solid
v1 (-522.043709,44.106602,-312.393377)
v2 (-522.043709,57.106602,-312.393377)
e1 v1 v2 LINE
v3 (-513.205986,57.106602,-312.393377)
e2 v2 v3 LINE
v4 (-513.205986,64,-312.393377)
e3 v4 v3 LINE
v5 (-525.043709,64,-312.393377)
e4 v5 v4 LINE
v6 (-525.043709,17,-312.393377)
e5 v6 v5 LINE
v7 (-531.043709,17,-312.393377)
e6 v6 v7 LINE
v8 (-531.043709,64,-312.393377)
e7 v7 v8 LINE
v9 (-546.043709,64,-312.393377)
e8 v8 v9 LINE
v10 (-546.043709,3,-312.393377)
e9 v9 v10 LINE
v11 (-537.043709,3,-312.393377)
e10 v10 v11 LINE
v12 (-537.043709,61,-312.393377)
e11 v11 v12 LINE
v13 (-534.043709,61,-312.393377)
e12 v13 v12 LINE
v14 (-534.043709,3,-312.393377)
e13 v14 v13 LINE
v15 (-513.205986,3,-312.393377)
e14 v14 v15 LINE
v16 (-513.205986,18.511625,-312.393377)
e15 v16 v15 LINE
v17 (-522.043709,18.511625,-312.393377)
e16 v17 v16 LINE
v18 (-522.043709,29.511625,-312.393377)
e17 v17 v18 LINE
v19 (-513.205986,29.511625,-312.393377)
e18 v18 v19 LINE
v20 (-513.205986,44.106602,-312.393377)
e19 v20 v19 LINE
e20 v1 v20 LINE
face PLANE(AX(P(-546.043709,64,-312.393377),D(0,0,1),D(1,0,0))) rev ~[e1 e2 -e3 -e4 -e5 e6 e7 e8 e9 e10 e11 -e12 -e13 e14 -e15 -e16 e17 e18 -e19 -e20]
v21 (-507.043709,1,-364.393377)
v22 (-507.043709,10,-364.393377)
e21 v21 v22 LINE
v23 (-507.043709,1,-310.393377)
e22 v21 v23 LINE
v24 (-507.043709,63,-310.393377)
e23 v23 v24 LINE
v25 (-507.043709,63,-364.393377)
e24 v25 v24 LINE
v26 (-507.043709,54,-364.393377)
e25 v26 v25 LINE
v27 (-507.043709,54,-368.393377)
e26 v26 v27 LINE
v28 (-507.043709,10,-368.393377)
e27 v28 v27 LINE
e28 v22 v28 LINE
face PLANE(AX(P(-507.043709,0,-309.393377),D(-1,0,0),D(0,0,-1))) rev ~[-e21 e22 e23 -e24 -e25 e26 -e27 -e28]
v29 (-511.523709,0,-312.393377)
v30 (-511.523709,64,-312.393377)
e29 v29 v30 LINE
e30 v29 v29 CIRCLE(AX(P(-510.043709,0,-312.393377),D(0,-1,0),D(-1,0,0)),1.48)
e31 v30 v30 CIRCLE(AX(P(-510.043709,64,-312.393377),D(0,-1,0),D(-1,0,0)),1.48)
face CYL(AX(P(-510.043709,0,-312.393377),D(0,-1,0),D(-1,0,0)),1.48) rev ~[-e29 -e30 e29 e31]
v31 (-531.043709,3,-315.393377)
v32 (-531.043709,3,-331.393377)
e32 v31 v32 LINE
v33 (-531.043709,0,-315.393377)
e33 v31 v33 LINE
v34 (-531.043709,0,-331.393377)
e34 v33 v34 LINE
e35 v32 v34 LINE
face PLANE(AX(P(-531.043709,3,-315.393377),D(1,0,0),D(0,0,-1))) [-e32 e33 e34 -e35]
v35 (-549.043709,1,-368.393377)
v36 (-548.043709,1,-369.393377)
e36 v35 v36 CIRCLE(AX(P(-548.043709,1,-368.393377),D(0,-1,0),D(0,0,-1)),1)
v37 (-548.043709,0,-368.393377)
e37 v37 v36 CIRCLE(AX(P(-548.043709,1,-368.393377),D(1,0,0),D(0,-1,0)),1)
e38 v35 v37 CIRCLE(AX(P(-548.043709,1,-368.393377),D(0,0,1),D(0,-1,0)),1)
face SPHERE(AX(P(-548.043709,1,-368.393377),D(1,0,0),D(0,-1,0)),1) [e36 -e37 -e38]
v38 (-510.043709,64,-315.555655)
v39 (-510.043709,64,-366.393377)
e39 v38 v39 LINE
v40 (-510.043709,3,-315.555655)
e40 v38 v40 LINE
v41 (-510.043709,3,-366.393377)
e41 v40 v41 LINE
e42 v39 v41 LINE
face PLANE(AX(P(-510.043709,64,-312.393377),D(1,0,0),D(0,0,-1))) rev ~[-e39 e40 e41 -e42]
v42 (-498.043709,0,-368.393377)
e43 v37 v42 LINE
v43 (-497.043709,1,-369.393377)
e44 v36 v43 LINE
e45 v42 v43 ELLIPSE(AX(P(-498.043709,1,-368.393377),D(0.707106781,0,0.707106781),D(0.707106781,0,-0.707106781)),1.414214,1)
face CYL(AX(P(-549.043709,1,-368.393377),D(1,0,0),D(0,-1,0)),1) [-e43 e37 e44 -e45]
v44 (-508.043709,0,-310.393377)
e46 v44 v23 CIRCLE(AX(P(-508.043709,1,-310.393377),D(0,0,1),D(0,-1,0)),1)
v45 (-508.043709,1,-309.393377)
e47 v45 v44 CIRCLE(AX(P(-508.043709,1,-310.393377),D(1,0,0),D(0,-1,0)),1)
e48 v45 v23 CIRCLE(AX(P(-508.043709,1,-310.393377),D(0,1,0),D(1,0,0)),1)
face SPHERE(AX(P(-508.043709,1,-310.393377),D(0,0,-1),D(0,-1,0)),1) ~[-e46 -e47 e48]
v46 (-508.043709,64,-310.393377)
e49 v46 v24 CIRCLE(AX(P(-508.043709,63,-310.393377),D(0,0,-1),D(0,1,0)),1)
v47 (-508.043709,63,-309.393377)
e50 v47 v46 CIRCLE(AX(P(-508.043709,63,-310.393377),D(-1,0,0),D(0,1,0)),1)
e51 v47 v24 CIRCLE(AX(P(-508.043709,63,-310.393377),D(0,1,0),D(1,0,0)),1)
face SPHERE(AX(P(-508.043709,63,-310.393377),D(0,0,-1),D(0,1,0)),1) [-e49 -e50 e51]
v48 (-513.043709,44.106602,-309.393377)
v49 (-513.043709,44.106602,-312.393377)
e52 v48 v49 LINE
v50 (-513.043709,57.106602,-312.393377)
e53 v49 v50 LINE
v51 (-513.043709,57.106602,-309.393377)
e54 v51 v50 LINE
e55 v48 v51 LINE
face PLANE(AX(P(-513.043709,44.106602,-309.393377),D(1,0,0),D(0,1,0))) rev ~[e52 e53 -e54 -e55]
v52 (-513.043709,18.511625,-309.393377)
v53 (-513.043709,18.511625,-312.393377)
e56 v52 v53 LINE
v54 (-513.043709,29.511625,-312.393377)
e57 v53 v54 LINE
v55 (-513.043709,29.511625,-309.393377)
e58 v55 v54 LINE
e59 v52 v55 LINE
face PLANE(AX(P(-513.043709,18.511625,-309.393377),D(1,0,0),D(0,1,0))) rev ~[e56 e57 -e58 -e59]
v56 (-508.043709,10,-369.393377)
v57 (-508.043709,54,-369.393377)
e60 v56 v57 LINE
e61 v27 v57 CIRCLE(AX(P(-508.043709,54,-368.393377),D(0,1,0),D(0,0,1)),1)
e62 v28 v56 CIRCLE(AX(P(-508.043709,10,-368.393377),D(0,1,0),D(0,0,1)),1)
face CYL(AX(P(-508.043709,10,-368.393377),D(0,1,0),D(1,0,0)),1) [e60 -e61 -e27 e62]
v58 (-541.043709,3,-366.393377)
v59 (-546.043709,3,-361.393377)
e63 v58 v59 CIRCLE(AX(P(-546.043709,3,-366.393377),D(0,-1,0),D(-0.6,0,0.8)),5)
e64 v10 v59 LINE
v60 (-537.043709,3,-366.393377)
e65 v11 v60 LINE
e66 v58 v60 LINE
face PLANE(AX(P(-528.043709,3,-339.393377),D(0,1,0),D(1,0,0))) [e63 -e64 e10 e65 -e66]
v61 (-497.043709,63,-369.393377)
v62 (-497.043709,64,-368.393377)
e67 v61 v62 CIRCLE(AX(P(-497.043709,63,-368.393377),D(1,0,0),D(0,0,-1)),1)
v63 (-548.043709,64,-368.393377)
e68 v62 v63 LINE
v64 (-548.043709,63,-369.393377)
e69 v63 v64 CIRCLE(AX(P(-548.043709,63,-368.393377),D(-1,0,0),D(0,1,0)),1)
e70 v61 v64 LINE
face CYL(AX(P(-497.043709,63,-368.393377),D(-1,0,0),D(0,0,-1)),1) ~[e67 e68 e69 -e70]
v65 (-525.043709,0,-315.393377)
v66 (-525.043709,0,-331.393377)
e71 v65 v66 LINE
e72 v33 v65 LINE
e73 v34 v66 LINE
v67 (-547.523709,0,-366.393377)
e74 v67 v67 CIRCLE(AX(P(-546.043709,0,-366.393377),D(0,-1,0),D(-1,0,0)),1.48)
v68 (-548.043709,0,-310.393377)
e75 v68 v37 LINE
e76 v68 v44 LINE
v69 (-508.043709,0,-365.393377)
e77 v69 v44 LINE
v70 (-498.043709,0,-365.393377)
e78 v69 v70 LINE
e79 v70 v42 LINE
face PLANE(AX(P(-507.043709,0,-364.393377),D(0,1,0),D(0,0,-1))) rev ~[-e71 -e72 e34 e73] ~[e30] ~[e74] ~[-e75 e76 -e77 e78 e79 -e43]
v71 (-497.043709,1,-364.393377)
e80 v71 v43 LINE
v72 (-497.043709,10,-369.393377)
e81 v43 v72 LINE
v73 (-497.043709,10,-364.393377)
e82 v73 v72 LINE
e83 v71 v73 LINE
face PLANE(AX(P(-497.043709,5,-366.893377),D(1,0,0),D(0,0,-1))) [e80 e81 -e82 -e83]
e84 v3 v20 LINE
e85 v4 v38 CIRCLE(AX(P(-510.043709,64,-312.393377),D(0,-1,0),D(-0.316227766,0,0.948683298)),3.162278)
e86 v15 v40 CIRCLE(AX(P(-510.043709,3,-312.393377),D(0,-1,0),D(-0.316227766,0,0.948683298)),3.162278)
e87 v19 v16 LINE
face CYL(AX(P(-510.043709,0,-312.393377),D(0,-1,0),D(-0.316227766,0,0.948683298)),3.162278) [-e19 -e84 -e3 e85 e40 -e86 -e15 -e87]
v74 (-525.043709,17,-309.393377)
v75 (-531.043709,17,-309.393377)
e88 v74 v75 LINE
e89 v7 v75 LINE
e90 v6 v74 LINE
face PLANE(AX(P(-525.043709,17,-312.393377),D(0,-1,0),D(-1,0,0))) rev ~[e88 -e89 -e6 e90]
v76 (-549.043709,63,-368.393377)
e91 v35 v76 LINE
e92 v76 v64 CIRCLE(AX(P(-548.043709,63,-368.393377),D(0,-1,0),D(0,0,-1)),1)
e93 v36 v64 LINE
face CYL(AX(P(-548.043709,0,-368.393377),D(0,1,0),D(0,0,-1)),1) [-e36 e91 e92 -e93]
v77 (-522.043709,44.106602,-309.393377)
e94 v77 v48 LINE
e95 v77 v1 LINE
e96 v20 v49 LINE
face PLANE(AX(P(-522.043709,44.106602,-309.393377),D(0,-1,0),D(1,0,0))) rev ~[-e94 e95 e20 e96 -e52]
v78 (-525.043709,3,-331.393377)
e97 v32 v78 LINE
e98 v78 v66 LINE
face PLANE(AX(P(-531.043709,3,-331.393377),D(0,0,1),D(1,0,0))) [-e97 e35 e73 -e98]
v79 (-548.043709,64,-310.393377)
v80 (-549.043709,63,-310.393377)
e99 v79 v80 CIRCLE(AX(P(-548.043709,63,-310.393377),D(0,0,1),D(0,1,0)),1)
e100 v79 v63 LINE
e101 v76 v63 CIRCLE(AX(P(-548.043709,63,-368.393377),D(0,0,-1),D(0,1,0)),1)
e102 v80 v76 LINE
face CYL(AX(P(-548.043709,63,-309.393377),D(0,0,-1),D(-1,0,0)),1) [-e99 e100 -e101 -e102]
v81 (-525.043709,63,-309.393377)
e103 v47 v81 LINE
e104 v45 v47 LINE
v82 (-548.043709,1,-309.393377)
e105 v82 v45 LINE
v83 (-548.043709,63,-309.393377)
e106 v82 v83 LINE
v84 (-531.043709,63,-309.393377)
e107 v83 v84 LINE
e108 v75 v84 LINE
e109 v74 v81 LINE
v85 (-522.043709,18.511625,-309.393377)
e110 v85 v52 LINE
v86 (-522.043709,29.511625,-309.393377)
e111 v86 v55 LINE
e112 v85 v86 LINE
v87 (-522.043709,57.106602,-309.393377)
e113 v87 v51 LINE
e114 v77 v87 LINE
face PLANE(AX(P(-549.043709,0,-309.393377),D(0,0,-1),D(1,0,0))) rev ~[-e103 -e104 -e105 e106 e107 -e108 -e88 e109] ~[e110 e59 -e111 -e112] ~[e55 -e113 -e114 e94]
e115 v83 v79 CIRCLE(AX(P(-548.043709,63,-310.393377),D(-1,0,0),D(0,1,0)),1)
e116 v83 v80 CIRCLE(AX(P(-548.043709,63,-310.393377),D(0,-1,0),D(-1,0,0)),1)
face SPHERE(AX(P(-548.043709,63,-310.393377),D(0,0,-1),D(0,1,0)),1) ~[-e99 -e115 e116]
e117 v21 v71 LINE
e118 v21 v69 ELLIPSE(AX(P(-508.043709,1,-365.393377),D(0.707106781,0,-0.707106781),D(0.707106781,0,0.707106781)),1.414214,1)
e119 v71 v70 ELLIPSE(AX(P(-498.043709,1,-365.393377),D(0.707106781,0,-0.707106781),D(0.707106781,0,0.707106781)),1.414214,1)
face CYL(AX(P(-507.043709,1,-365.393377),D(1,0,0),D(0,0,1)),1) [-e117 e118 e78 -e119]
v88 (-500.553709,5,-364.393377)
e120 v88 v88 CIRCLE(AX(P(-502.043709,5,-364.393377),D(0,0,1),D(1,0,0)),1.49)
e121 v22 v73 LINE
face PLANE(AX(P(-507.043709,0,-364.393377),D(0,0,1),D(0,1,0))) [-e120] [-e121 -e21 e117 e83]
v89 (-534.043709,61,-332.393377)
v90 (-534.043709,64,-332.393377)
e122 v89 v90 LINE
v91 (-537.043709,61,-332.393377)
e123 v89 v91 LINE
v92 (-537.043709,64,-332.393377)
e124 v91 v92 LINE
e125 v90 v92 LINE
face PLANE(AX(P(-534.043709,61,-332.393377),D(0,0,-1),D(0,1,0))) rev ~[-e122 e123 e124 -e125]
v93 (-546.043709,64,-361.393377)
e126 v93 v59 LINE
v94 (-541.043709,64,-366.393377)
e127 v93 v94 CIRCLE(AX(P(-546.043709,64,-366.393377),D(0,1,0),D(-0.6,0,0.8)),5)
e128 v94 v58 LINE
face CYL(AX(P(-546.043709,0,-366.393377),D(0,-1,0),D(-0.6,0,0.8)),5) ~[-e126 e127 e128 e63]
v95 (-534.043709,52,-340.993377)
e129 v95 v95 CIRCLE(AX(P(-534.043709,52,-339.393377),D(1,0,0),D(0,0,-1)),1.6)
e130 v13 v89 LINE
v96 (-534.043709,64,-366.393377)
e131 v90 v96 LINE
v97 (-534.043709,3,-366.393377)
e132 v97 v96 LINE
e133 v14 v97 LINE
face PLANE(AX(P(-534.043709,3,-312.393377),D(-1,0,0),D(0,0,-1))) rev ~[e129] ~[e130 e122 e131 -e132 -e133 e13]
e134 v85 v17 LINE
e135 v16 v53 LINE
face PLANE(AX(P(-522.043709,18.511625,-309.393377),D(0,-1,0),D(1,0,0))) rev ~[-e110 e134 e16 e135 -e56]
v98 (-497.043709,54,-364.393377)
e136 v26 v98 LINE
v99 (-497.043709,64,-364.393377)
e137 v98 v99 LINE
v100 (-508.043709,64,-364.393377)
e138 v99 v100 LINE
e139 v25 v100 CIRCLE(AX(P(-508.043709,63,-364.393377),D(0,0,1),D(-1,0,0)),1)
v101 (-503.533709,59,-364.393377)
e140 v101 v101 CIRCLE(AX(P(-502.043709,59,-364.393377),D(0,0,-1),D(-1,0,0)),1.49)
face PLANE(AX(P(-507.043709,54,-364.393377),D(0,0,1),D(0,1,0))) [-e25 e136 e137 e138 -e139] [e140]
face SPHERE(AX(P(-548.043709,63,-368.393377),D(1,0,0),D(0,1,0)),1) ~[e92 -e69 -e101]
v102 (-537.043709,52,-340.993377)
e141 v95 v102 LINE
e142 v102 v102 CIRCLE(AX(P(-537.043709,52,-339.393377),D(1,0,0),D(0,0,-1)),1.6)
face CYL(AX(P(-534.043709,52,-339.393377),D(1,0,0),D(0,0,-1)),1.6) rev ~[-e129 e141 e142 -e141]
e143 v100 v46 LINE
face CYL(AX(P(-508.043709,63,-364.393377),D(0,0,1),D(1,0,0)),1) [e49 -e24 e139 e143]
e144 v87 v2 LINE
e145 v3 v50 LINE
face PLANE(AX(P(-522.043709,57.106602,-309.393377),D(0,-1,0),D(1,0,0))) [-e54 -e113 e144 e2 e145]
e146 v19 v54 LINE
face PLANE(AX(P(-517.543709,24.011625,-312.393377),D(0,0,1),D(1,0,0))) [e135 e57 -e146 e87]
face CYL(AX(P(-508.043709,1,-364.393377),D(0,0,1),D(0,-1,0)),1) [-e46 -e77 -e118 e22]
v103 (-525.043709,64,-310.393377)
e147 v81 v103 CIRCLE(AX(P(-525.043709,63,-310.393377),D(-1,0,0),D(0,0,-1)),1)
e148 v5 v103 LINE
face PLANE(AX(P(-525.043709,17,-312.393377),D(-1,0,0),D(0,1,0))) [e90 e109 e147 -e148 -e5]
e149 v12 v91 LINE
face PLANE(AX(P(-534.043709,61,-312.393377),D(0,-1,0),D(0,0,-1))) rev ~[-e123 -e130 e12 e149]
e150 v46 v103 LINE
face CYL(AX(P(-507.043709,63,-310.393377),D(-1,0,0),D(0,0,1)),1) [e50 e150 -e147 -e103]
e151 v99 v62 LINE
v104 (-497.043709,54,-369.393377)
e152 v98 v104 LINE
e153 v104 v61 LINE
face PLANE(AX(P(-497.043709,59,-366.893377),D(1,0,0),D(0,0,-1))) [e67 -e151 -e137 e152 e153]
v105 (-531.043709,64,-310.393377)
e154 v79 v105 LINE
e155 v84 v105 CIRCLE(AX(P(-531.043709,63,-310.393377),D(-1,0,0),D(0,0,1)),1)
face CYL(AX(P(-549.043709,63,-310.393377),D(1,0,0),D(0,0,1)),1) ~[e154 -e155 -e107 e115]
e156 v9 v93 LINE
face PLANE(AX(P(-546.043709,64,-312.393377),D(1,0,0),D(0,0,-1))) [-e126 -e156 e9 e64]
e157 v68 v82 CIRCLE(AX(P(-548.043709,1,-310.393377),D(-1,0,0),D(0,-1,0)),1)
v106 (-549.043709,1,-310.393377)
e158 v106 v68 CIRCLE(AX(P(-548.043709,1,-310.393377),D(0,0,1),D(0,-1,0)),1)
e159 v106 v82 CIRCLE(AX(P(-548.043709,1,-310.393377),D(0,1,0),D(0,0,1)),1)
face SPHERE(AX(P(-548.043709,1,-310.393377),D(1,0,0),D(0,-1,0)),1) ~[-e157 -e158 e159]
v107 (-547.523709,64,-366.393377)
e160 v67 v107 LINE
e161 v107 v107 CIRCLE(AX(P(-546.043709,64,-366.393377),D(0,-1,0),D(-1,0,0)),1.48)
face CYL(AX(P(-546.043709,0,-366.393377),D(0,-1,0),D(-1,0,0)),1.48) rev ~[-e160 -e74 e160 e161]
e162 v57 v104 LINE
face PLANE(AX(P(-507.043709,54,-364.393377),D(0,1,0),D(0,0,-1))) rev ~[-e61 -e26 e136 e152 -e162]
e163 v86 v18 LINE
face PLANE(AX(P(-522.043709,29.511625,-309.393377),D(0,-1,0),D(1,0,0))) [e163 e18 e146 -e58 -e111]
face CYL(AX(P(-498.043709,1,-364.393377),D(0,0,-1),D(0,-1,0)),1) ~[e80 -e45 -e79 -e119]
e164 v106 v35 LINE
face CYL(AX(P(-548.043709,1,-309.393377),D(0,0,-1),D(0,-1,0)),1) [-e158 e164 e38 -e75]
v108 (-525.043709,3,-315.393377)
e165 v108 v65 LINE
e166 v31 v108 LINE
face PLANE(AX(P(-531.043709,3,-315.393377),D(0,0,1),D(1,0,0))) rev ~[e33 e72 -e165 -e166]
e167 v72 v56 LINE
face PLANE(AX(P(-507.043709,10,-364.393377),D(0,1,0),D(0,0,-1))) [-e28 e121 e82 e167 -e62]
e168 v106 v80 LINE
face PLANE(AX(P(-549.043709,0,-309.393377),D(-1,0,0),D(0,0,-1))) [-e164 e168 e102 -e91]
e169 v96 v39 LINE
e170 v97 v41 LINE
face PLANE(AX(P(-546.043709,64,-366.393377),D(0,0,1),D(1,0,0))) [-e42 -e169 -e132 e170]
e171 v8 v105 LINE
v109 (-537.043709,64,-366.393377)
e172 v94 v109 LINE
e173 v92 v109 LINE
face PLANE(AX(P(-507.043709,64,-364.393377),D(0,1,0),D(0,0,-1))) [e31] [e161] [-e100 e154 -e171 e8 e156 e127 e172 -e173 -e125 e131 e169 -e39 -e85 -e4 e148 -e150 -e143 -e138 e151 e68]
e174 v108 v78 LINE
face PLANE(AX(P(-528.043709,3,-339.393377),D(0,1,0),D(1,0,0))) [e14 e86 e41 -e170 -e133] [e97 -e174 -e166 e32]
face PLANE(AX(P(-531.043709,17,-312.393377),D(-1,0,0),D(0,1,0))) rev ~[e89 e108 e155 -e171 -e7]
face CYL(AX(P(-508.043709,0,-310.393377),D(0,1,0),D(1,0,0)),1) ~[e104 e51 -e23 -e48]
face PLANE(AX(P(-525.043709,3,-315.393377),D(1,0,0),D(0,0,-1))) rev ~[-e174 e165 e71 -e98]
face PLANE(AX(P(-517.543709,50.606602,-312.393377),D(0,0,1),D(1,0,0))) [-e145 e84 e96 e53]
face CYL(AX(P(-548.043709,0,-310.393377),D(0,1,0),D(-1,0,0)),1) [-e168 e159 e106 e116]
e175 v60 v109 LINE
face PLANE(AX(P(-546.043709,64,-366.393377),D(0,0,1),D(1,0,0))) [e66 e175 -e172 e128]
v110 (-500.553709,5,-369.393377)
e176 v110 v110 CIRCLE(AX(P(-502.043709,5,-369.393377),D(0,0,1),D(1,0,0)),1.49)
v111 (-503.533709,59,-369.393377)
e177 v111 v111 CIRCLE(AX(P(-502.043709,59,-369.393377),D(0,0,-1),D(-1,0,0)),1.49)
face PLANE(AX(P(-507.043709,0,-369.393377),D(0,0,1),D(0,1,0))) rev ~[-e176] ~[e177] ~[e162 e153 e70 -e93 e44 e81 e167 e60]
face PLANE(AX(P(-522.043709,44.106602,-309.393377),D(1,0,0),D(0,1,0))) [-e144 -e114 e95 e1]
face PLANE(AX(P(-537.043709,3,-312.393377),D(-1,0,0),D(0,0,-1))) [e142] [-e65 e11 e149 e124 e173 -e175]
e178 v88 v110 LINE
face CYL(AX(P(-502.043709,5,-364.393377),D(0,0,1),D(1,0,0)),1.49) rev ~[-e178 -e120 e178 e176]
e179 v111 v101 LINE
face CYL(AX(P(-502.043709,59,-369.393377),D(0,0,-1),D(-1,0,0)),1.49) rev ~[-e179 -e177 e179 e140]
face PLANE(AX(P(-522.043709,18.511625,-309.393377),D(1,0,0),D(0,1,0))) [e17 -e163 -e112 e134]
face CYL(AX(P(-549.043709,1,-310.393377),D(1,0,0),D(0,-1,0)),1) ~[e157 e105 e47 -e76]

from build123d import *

# Parameters (mm, degrees)
SKETCH1_W           = 42
SKETCH1_H           = 60
BOSS_EXTRUDE1_DEPTH = 64
SKETCH2_W           = 36
SKETCH2_H           = 54
CUT_EXTRUDE1_DEPTH  = 61
SKETCH5_W           = 3
SKETCH5_H           = 54
BOSS_EXTRUDE2_DEPTH = 61
SKETCH6_W           = 6
SKETCH6_H           = 47
CUT_EXTRUDE3_DEPTH  = 3
SKETCH7_W           = 6
SKETCH7_H           = 16
CUT_EXTRUDE4_DEPTH  = 3
BOSS_EXTRUDE3_DEPTH = 64
SKETCH10_R          = 1.48
CUT_EXTRUDE6_DEPTH  = 64
BOSS_EXTRUDE4_DEPTH = 64
SKETCH12_R          = 1.48
CUT_EXTRUDE7_DEPTH  = 64
SKETCH13_W          = 5
SKETCH13_H          = 10
BOSS_EXTRUDE5_DEPTH = 10
SKETCH14_R          = 1.49
CUT_EXTRUDE8_DEPTH  = 5
SKETCH15_W          = 5
SKETCH15_H          = 10
BOSS_EXTRUDE6_DEPTH = 10
SKETCH16_R          = 1.49
CUT_EXTRUDE9_DEPTH  = 5
SKETCH17_R          = 1.6
CUT_EXTRUDE10_DEPTH = 3
FILLET1_R           = 1
SKETCH21_W          = 9
SKETCH21_H          = 13
SKETCH21_H_2        = 11
CUT_EXTRUDE11_DEPTH = 3
SKETCH23_W          = 20
SKETCH23_H          = 3
CUT_EXTRUDE12_DEPTH = 3


with BuildPart() as part:
    # Sketch1 → Boss-Extrude1 (new body)
    with BuildSketch(Plane(origin=(0, 0, 0), x_dir=(1, 0, 0), z_dir=(0, 1, 0))):
        with Locations((-528.043708609, 339.393377483)):
            Rectangle(SKETCH1_W, SKETCH1_H)
    extrude(amount=BOSS_EXTRUDE1_DEPTH)

    # Sketch2 → Cut-Extrude1 (cut)
    with BuildSketch(Plane(origin=(0, 64, 0), x_dir=(1, 0, 0), z_dir=(0, 1, 0))):
        with Locations((-528.043708609, 339.393377483)):
            Rectangle(SKETCH2_W, SKETCH2_H)
    extrude(amount=-CUT_EXTRUDE1_DEPTH, mode=Mode.SUBTRACT)

    # Sketch5 → Boss-Extrude2 (add)
    with BuildSketch(Plane(origin=(0, 3, 0), x_dir=(1, 0, 0), z_dir=(0, 1, 0))):
        with Locations((-535.543708609, 339.393377483)):
            Rectangle(SKETCH5_W, SKETCH5_H)
    extrude(amount=BOSS_EXTRUDE2_DEPTH)

    # Sketch6 → Cut-Extrude3 (cut)
    with BuildSketch(Plane(origin=(0, 0, -312.393377483), x_dir=(-1, 0, 0), z_dir=(0, 0, -1))):
        with Locations((528.043708609, 40.5)):
            Rectangle(SKETCH6_W, SKETCH6_H)
    extrude(amount=-CUT_EXTRUDE3_DEPTH, mode=Mode.SUBTRACT)

    # Sketch7 → Cut-Extrude4 (cut)
    with BuildSketch(Plane(origin=(0, 3, 0), x_dir=(1, 0, 0), z_dir=(0, 1, 0))):
        with Locations((-528.043708609, 323.393377483)):
            Rectangle(SKETCH7_W, SKETCH7_H)
    extrude(amount=-CUT_EXTRUDE4_DEPTH, mode=Mode.SUBTRACT)

    # Sketch9 → Boss-Extrude3 (add)
    with BuildSketch(Plane.XZ):
        with BuildLine():
            Line((-507.043708609, -313.393377483), (-507.043708609, -309.393377483))
            Line((-507.043708609, -309.393377483), (-511.043708609, -309.393377483))
            ThreePointArc((-511.043708609, -309.393377483), (-512.279776587, -314.629445461), (-507.043708609, -313.393377483))
        make_face()
    extrude(amount=-BOSS_EXTRUDE3_DEPTH)

    # Sketch10 → Cut-Extrude6 (cut)
    with BuildSketch(Plane(origin=(0, 0, 0), x_dir=(-1, 0, 0), z_dir=(0, -1, 0))):
        with Locations((510.043708609, 312.393377483)):
            Circle(SKETCH10_R)
    extrude(amount=-CUT_EXTRUDE6_DEPTH, mode=Mode.SUBTRACT)

    # Sketch11 → Boss-Extrude4 (add)
    with BuildSketch(Plane.XZ):
        with BuildLine():
            Line((-542.043708609, -369.393377483), (-549.043708609, -369.393377483))
            Line((-549.043708609, -369.393377483), (-549.043708609, -362.393377483))
            ThreePointArc((-549.043708609, -362.393377483), (-542.508174703, -362.857843578), (-542.043708609, -369.393377483))
        make_face()
    extrude(amount=-BOSS_EXTRUDE4_DEPTH)

    # Sketch12 → Cut-Extrude7 (cut)
    with BuildSketch(Plane(origin=(0, 0, 0), x_dir=(-1, 0, 0), z_dir=(0, -1, 0))):
        with Locations((546.043708609, 366.393377483)):
            Circle(SKETCH12_R)
    extrude(amount=-CUT_EXTRUDE7_DEPTH, mode=Mode.SUBTRACT)

    # Sketch13 → Boss-Extrude5 (add)
    with BuildSketch(Plane(origin=(-507.043708609, 0, 0), x_dir=(0, 0, -1), z_dir=(1, 0, 0))):
        with Locations((366.893377483, 59)):
            Rectangle(SKETCH13_W, SKETCH13_H)
    extrude(amount=BOSS_EXTRUDE5_DEPTH)

    # Sketch14 → Cut-Extrude8 (cut)
    with BuildSketch(Plane(origin=(0, 0, -369.393377483), x_dir=(-1, 0, 0), z_dir=(0, 0, -1))):
        with Locations((502.043708609, 59)):
            Circle(SKETCH14_R)
    extrude(amount=-CUT_EXTRUDE8_DEPTH, mode=Mode.SUBTRACT)

    # Sketch15 → Boss-Extrude6 (add)
    with BuildSketch(Plane(origin=(-507.043708609, 0, 0), x_dir=(0, 0, -1), z_dir=(1, 0, 0))):
        with Locations((366.893377483, 5)):
            Rectangle(SKETCH15_W, SKETCH15_H)
    extrude(amount=BOSS_EXTRUDE6_DEPTH)

    # Sketch16 → Cut-Extrude9 (cut)
    with BuildSketch(Plane.XY.offset(-364.393377483)):
        with Locations((-502.043708609, 5)):
            Circle(SKETCH16_R)
    extrude(amount=-CUT_EXTRUDE9_DEPTH, mode=Mode.SUBTRACT)

    # Sketch17 → Cut-Extrude10 (cut)
    with BuildSketch(Plane(origin=(-534.043708609, 0, 0), x_dir=(0, 0, -1), z_dir=(1, 0, 0))):
        with Locations((339.393377483, 52)):
            Circle(SKETCH17_R)
    extrude(amount=-CUT_EXTRUDE10_DEPTH, mode=Mode.SUBTRACT)

    # Fillet1
    fillet1_edges = [part.edges().sort_by_distance(p)[0] for p in [
        (-507.043708609, 64, -336.893377483),
        (-507.043708609, 32, -369.393377483),
        (-523.043708609, 64, -369.393377483),
        (-502.043708609, 0, -364.393377483),
        (-497.043708609, 0, -366.893377483),
        (-549.043708609, 64, -339.393377483),
        (-516.043708609, 64, -309.393377483),
        (-523.043708609, 0, -369.393377483),
        (-507.043708609, 0, -336.893377483),
        (-528.043708609, 0, -309.393377483),
        (-549.043708609, 0, -339.393377483),
        (-540.043708609, 64, -309.393377483),
        (-549.043708609, 32, -369.393377483),
        (-507.043708609, 32, -309.393377483),
        (-549.043708609, 32, -309.393377483),
    ]]
    fillet(fillet1_edges, radius=FILLET1_R)

    # Sketch21 → Cut-Extrude11 (cut)
    with BuildSketch(Plane.XY.offset(-309.393377483)):
        with Locations((-517.543708609, 50.606602204)):
            Rectangle(SKETCH21_W, SKETCH21_H)
        with Locations((-517.543708609, 24.011624804)):
            Rectangle(SKETCH21_W, SKETCH21_H_2)
    extrude(amount=-CUT_EXTRUDE11_DEPTH, mode=Mode.SUBTRACT)

    # Sketch23 → Cut-Extrude12 (cut)
    with BuildSketch(Plane(origin=(-534.043708609, 0, 0), x_dir=(0, 0, -1), z_dir=(1, 0, 0))):
        with Locations((322.393377483, 62.5)):
            Rectangle(SKETCH23_W, SKETCH23_H)
    extrude(amount=-CUT_EXTRUDE12_DEPTH, mode=Mode.SUBTRACT)


solid = part.part
